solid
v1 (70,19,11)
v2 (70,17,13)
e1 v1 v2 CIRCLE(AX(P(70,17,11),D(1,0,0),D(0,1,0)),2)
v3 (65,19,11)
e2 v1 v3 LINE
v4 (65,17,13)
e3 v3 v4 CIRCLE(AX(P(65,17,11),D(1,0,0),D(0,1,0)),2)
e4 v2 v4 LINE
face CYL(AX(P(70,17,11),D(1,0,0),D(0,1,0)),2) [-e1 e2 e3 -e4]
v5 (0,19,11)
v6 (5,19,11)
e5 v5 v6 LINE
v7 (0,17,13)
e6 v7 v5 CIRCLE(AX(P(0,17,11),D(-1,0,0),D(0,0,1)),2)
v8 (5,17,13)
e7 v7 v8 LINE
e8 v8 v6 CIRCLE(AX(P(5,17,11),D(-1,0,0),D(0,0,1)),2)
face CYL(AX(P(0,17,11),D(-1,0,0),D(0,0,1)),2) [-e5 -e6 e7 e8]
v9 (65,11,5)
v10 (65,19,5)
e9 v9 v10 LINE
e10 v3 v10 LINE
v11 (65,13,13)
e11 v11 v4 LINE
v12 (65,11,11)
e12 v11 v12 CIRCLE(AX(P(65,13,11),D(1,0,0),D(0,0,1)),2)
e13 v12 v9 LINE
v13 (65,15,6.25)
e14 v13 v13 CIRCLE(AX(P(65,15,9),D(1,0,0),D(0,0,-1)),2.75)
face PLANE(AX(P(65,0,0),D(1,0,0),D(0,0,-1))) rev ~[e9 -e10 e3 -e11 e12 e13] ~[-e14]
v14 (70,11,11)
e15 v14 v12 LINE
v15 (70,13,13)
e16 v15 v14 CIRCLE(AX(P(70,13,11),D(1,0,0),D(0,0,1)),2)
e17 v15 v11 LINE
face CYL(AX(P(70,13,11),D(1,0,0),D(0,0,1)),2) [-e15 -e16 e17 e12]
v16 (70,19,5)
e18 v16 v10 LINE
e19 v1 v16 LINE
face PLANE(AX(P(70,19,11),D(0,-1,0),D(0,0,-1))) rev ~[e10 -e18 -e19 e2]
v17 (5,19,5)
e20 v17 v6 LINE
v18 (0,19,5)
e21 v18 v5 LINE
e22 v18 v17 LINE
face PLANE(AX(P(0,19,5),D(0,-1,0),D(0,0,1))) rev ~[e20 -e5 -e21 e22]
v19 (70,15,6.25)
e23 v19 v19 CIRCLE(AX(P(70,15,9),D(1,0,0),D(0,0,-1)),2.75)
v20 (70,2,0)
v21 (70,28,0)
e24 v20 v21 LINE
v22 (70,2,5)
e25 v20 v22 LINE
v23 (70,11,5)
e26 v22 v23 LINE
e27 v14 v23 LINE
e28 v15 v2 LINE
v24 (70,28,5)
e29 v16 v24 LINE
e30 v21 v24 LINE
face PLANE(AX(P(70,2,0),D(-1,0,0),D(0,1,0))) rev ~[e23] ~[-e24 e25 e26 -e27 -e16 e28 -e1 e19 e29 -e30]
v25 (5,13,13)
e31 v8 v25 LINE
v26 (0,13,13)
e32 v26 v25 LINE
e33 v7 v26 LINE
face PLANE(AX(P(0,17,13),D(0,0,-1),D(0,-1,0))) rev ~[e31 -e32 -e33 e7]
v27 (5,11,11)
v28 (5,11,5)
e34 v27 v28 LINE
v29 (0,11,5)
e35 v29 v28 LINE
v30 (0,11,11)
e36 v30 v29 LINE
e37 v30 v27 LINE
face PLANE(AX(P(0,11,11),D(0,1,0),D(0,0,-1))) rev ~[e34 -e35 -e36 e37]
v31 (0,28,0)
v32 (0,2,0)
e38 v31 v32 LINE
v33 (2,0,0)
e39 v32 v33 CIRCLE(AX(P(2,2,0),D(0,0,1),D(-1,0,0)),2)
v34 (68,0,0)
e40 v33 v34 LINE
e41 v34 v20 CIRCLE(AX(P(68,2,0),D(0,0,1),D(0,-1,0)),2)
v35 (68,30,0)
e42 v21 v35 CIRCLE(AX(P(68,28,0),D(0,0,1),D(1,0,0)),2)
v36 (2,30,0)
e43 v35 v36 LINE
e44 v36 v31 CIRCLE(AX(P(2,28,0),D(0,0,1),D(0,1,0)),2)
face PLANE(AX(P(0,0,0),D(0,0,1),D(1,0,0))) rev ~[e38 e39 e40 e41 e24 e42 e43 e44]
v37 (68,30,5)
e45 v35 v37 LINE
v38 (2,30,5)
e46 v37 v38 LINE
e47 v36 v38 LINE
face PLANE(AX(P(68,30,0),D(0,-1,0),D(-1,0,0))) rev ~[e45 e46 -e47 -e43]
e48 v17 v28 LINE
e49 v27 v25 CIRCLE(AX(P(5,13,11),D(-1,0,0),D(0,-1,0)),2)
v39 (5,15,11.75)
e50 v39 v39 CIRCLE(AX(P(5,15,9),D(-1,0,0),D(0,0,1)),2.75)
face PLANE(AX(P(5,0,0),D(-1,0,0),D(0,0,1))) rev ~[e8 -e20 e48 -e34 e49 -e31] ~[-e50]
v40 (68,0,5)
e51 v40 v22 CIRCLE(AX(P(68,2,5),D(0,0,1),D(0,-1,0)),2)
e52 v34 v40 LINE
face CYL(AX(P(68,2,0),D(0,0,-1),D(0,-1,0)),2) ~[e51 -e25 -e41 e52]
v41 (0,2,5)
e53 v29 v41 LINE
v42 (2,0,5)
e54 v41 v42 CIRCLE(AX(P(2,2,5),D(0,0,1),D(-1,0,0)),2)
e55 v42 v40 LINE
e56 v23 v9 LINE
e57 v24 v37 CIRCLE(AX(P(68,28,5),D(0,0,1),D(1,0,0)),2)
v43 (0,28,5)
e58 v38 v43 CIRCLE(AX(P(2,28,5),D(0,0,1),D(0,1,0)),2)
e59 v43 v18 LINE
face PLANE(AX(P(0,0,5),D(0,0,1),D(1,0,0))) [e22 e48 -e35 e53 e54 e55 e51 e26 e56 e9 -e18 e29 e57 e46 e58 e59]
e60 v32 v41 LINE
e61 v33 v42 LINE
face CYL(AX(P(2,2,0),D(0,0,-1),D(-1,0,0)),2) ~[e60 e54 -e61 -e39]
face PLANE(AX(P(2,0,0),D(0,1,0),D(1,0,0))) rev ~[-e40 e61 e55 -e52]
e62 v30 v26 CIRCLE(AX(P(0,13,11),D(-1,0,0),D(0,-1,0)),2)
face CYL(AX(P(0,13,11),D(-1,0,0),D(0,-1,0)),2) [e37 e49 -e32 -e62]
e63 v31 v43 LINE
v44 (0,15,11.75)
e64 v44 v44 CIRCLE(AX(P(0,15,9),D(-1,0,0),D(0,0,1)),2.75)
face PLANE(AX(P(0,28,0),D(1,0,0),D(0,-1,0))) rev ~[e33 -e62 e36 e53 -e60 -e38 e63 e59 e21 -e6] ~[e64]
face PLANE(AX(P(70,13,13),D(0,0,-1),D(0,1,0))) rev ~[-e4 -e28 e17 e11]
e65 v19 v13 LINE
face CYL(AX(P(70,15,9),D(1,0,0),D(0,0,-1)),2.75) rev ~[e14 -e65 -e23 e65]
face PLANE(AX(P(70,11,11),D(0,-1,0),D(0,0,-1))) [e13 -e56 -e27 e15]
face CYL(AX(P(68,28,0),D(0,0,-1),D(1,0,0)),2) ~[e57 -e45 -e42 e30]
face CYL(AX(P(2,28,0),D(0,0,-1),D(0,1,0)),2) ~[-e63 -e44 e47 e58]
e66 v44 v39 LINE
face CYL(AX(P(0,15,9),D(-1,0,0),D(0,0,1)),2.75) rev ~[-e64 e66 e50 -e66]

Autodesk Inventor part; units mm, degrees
ref_plane "YZ Plane" through (0, 0, 0) normal (1, 0, 0) x (0, 1, 0)
ref_plane "XZ Plane" through (0, 0, 0) normal (0, 1, 0) x (-1, 0, 0)
ref_plane "XY Plane" through (0, 0, 0) normal (0, 0, 1) x (1, 0, 0)
sketch "Esquisse1" plane through (0, 0, 0) normal (0, 0, 1) x (1, 0, 0)
  line L0 (2, 0) -> (68, 0)
  line L1 (70, 2) -> (70, 28)
  line L2 (68, 30) -> (2, 30)
  line L3 (0, 28) -> (0, 2)
  arc A0 (2, 30) -> (0, 28) centre (2, 28) ccw
  arc A1 (70, 28) -> (68, 30) centre (68, 28) ccw
  arc A2 (68, 0) -> (70, 2) centre (68, 2) ccw
  arc A3 (0, 2) -> (2, 0) centre (2, 2) ccw
  point P0 (0, 0)
  point P1 (70, 30)
  point P2 (70, 0)
  point P3 (0, 30)
  dimension "d0" = 70
  dimension "d1" = 30
  dimension "d14" = 2
extrude "Extrusion1" add sketch "Esquisse1" along normal blind 5
sketch "Esquisse2" plane through (0, 0, 0) normal (-1, 0, 0) x (0, 0, 1)
  line L0 (5, 2) -> (5, 28) projected
  line L1 (5, 15) -> (5, 19)
  line L2 (5, 15) -> (5, 11)
  line L3 (5, 19) -> (11, 19)
  line L4 (13, 17) -> (13, 13)
  line L5 (11, 11) -> (5, 11)
  arc A0 (13, 17) -> (11, 19) centre (11, 17) ccw
  arc A1 (11, 11) -> (13, 13) centre (11, 13) ccw
  line L6 (5, 19) -> (12.4142, 11.5858) construction
  line L7 (5, 11) -> (12.4142, 18.4142) construction
  circle A2 centre (9, 15) radius 2.75
  line L8 (0, 2) -> (0, 28) projected
  line L9 (5, 2) -> (5, 28) projected
  line L10 (0, 2) -> (5, 2) projected
  line L11 (5, 28) -> (5, 2) projected
  line L12 (0, 28) -> (5, 28) projected
  line L13 (0, 2) -> (0, 28) projected
  line L14 (0, 2) -> (5, 2) projected
  line L15 (5, 28) -> (5, 2) projected
  line L16 (0, 28) -> (5, 28) projected
  line L17 (0, 2) -> (0, 28) projected
  line L18 (0, 28) -> (5, 28) projected
  line L19 (0, 2) -> (5, 2) projected
  point P0 (5, 0)
  point P1 (5, 30)
  point P2 (13, 19)
  dimension "d4" = 4
  dimension "d5" = 4
  dimension "d6" = 8
  dimension "d7" = 2
  dimension "d8" = 5.5
extrude "Extrusion2" add sketch "Esquisse2" against normal blind 5 contours L0 L3 A0 L4 A1 L5
sketch "Esquisse3" plane through (70, 0, 0) normal (1, 0, 0) x (0, 0, -1)
  line L0 (-11, 19) -> (-5, 19) projected
  line L1 (-5, 19) -> (-11, 19)
  line L2 (-11, 19) -> (-11, 19)
  line L3 (-13, 13) -> (-13, 17) projected
  line L4 (-13, 17) -> (-13, 13)
  line L5 (-11, 11) -> (-5, 11)
  line L6 (-5, 2) -> (-5, 28) projected
  line L7 (-5, 19) -> (-5, 11)
  arc A0 (-11, 19) -> (-13, 17) centre (-11, 17) ccw
  arc A1 (-13, 13) -> (-11, 11) centre (-11, 13) ccw
  circle A2 centre (-9, 15) radius 2.75 projected
  circle A3 centre (-9, 15) radius 2.5
  point P0 (0, 0)
  point P1 (-13, 19)
  point P2 (-5, 0)
  point P3 (-5, 30)
  dimension "d11" = 2
extrude "Extrusion3" add sketch "Esquisse3" against normal blind 5 contours L0 L6 L5 A1 L3 A0
properties part number "Pied"
